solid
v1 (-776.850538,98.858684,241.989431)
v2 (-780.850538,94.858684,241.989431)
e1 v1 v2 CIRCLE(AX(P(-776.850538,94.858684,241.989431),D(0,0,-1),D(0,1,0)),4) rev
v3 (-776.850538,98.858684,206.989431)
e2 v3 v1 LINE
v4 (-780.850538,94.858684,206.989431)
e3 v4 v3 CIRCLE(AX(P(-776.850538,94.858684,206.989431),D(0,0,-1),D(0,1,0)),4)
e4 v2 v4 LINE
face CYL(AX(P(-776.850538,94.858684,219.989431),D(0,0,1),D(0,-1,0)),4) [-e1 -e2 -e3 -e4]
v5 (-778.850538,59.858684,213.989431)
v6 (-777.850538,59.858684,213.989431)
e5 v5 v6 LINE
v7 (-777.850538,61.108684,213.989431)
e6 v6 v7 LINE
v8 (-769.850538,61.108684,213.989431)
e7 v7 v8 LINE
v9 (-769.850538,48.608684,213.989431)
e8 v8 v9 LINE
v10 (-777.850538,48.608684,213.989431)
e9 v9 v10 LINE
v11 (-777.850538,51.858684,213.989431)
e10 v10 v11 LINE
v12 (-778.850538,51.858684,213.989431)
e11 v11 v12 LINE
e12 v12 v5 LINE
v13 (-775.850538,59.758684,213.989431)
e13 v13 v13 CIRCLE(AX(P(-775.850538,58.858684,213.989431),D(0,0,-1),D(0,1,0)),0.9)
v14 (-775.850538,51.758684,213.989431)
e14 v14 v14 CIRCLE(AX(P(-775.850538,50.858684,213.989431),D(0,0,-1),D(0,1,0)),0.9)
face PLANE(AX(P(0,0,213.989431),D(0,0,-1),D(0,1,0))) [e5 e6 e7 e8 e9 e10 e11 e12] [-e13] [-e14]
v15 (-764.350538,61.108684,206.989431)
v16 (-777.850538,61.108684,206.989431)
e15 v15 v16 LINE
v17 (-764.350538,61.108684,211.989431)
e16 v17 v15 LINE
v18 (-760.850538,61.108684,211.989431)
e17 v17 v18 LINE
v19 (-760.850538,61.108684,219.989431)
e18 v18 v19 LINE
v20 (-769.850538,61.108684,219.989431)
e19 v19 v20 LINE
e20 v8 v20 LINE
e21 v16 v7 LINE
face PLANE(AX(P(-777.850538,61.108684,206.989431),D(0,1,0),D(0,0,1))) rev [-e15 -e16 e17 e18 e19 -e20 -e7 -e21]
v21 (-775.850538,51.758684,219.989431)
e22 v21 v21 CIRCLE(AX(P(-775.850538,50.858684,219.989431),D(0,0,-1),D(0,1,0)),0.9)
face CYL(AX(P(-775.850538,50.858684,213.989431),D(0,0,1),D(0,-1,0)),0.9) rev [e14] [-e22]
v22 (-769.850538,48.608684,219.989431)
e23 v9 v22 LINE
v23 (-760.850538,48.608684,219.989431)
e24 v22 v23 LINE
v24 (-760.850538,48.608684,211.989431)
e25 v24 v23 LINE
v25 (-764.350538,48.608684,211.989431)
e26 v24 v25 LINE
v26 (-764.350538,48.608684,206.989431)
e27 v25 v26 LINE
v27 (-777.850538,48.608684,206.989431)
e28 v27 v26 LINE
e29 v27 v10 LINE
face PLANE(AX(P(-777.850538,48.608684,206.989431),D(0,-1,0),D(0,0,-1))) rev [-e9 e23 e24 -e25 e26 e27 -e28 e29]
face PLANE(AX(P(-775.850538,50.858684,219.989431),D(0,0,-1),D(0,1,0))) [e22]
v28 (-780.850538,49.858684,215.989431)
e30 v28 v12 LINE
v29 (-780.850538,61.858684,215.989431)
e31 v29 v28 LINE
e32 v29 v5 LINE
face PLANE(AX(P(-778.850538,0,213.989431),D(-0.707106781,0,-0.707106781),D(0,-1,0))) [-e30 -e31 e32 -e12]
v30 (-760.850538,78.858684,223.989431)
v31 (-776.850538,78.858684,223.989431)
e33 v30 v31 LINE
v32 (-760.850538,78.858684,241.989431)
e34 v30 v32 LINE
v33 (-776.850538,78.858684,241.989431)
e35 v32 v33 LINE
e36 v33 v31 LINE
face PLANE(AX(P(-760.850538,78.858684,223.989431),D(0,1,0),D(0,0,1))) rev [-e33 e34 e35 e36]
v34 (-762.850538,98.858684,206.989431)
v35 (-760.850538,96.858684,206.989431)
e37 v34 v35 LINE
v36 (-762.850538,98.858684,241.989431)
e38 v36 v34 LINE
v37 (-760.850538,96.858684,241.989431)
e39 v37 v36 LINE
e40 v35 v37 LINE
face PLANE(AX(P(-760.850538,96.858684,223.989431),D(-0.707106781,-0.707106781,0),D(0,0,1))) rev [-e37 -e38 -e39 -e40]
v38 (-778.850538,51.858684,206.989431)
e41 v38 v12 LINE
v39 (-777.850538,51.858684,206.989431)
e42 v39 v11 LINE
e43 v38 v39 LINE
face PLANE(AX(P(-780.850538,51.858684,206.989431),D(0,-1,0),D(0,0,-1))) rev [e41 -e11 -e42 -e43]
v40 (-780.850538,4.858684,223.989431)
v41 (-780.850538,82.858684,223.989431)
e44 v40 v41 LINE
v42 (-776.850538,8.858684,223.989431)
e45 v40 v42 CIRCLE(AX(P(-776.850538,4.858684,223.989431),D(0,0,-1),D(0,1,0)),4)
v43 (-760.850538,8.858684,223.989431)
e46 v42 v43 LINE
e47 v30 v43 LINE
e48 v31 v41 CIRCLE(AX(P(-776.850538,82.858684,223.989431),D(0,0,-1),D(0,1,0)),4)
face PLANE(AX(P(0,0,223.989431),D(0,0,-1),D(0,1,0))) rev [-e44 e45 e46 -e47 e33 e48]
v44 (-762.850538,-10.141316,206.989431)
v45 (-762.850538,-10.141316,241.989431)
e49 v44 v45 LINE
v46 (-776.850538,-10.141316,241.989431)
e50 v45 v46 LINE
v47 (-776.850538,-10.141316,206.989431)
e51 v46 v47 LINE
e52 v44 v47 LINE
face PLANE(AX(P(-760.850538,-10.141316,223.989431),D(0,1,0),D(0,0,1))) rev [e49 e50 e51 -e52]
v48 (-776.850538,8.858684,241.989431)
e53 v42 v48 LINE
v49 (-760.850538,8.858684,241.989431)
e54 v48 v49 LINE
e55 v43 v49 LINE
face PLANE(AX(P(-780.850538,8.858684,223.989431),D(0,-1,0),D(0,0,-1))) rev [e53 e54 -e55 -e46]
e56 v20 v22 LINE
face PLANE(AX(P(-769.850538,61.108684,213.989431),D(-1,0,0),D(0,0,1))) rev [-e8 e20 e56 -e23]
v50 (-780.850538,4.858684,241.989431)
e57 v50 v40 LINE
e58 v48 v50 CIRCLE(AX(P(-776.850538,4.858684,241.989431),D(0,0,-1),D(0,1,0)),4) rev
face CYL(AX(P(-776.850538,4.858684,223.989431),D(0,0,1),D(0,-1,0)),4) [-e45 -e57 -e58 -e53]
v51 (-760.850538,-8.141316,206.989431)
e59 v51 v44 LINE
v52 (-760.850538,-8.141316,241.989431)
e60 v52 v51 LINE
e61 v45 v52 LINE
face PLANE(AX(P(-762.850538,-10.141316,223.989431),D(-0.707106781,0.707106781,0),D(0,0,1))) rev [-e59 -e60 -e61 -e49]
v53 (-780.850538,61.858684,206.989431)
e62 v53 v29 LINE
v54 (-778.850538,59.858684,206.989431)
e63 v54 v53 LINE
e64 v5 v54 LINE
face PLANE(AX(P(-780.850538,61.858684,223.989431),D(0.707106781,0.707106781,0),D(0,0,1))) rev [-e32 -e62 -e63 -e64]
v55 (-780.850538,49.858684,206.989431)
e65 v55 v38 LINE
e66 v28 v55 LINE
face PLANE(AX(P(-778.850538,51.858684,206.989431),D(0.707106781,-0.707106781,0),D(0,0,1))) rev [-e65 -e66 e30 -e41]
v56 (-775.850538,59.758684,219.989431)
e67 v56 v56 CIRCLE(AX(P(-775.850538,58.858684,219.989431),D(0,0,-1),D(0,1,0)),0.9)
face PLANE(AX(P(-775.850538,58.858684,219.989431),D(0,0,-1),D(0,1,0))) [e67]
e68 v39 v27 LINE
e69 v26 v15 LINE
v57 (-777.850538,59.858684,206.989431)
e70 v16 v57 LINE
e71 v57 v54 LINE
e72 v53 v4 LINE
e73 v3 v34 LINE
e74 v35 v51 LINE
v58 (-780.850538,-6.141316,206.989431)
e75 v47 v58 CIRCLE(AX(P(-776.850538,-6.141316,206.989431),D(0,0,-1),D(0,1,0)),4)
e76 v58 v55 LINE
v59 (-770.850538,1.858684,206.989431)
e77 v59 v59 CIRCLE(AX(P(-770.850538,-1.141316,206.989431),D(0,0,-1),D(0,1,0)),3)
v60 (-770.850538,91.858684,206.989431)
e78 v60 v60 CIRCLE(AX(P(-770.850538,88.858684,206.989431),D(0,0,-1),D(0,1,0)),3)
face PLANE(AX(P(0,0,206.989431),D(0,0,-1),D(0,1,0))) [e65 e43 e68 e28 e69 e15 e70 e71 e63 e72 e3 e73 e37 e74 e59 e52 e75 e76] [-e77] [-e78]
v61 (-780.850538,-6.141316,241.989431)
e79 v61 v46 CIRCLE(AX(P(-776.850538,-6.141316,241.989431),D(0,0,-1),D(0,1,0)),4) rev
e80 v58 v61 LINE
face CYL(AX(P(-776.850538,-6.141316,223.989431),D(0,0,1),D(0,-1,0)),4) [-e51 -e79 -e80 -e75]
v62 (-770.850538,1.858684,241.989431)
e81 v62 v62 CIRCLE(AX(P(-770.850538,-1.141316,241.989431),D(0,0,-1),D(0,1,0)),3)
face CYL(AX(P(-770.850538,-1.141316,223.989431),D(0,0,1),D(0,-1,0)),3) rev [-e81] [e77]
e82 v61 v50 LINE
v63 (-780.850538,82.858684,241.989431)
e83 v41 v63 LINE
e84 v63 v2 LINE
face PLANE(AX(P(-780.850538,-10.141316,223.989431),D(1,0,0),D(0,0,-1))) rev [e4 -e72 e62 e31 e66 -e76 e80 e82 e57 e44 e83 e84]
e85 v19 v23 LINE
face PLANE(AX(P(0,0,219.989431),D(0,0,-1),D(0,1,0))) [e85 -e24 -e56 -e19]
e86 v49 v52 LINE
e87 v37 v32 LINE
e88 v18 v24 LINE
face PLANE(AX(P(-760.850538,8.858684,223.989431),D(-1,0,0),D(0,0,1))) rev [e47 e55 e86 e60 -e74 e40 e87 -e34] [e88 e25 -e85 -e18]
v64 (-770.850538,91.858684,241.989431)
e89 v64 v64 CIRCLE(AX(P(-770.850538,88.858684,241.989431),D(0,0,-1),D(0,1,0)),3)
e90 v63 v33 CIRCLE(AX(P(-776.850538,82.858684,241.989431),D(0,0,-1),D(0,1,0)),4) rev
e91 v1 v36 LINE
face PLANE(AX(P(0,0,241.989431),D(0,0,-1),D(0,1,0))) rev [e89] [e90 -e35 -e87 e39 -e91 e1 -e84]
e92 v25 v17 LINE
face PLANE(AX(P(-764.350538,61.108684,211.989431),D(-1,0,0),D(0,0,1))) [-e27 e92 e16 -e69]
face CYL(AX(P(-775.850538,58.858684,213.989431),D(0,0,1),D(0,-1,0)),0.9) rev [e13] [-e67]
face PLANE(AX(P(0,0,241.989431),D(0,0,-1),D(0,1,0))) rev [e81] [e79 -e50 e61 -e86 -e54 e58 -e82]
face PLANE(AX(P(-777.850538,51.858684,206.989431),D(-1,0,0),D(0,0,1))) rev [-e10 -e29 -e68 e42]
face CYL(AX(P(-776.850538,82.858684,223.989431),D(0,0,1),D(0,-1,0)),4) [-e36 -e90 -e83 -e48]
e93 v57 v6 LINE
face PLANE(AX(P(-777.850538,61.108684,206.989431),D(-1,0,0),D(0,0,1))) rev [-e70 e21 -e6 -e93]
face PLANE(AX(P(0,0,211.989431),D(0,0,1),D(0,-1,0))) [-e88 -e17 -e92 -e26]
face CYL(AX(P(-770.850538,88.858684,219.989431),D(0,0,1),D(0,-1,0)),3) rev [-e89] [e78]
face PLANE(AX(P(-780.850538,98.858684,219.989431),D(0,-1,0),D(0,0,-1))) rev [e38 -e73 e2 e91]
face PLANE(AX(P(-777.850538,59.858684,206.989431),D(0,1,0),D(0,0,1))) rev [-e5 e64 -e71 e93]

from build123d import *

# Parameters (mm, degrees)
SKETCH_1_W          = 20
SKETCH_1_H          = 19
SKETCH_1_R          = 3
EXTRUDE_1_DEPTH     = 18
SKETCH_1_H_2        = 20
EXTRUDE_1_2_DEPTH   = 18
SKETCH_2_W          = 20
SKETCH_2_H          = 109
SKETCH_2_R          = 3
EXTRUDE_2_DEPTH     = 4
EXTRUDE_3_DEPTH     = 6
SKETCH_4_R          = 0.9
CUT_EXTRUDE_1_DEPTH = 788.391009845
SKETCH_5_R          = 3
EXTRUDE_4_DEPTH     = 13
CHAMFER_1_SIZE      = 2
SKETCH_6_W          = 3.5
SKETCH_6_H          = 12.5
EXTRUDE_5_DEPTH     = 5
FILLET_1_R          = 4
CHAMFER_2_SIZE      = 2


with BuildPart() as part:
    # Эскиз1 → Бобышка-Вытянуть1 (new body)
    with BuildSketch(Plane(origin=(0, 0, 241.9894311), x_dir=(-1, 0, 0), z_dir=(0, 0, -1))):
        with Locations((770.850538245, -0.64131648)):
            Rectangle(SKETCH_1_W, SKETCH_1_H)
        with Locations(Location((770.850538245, -1.14131648, 0), (0, 0, 90))):
            Circle(SKETCH_1_R, mode=Mode.SUBTRACT)
    extrude(amount=EXTRUDE_1_DEPTH)



with BuildPart() as body_2:
    # Эскиз1 → Extrude 1 2 (new body)
    with BuildSketch(Plane(origin=(0, 0, 241.9894311), x_dir=(-1, 0, 0), z_dir=(0, 0, -1))):
        with Locations((770.850538245, 88.85868352)):
            Rectangle(SKETCH_1_W, SKETCH_1_H_2)
        with Locations(Location((770.850538245, 88.85868352, 0), (0, 0, 90))):
            Circle(SKETCH_1_R, mode=Mode.SUBTRACT)
    extrude(amount=EXTRUDE_1_2_DEPTH)


with BuildPart() as part_1:
    add(part.part)

    add(body_2.part)  # Бобышка-Вытянуть2 merges body 2
    # Эскиз2 → Бобышка-Вытянуть2 (add)
    with BuildSketch(Plane(origin=(0, 0, 223.9894311), x_dir=(-1, 0, 0), z_dir=(0, 0, -1))):
        with Locations((770.850538245, 44.35868352)):
            Rectangle(SKETCH_2_W, SKETCH_2_H)
        with Locations(Location((770.850538245, 88.85868352, 0), (0, 0, 90))):
            Circle(SKETCH_2_R, mode=Mode.SUBTRACT)
        with Locations(Location((770.850538245, -1.14131648, 0), (0, 0, 90))):
            Circle(SKETCH_2_R, mode=Mode.SUBTRACT)
    extrude(amount=EXTRUDE_2_DEPTH)

    # Эскиз3 → Бобышка-Вытянуть3 (add)
    with BuildSketch(Plane(origin=(0, 0, 219.9894311), x_dir=(-1, 0, 0), z_dir=(0, 0, -1))):
        Polygon((780.850538245, 59.85868352), (780.850538245, 51.85868352), (777.850538245, 51.85868352), (777.850538245, 48.60868352), (769.850538245, 48.60868352), (769.850538245, 61.10868352), (777.850538245, 61.10868352), (777.850538245, 59.85868352), align=None)
    extrude(amount=EXTRUDE_3_DEPTH)

    # Эскиз4 → Вырез-Вытянуть1 (cut, through all)
    with BuildSketch(Plane(origin=(0, 0, 219.9894311), x_dir=(-1, 0, 0), z_dir=(0, 0, -1))):
        with Locations(Location((775.850538245, 50.85868352, 0), (0, 0, 90))):
            Circle(SKETCH_4_R)
        with Locations(Location((775.850538245, 58.85868352, 0), (0, 0, 90))):
            Circle(SKETCH_4_R)
    extrude(amount=CUT_EXTRUDE_1_DEPTH, mode=Mode.SUBTRACT)

    # Эскиз5 → Бобышка-Вытянуть4 (add)
    # profile 1 of 2: a face of its own
    with BuildSketch(Plane(origin=(0, 0, 219.9894311), x_dir=(-1, 0, 0), z_dir=(0, 0, -1))):
        Polygon((760.850538245, -10.14131648), (780.850538245, -10.14131648), (780.850538245, 51.85868352), (777.850538245, 51.85868352), (777.850538245, 48.60868352), (760.850538245, 48.60868352), align=None)
        with Locations(Location((770.850538245, -1.14131648, 0), (0, 0, 90))):
            Circle(SKETCH_5_R, mode=Mode.SUBTRACT)
    # profile 2 of 2: a face of its own
    with BuildSketch(Plane(origin=(0, 0, 219.9894311), x_dir=(-1, 0, 0), z_dir=(0, 0, -1))):
        Polygon((777.850538245, 61.10868352), (777.850538245, 59.85868352), (780.850538245, 59.85868352), (780.850538245, 98.85868352), (760.850538245, 98.85868352), (760.850538245, 61.10868352), align=None)
        with Locations(Location((770.850538245, 88.85868352, 0), (0, 0, 90))):
            Circle(SKETCH_5_R, mode=Mode.SUBTRACT)
    extrude(amount=EXTRUDE_4_DEPTH)

    # Фаска1
    chamfer_1_edges = [part_1.edges().sort_by_distance(p)[0] for p in [
        (-780.850538245, 59.85868352, 210.4894311),
        (-780.850538245, 55.85868352, 213.9894311),
        (-780.850538245, 51.85868352, 210.4894311),
    ]]
    chamfer(chamfer_1_edges, length=CHAMFER_1_SIZE)

    # Эскиз6 → Бобышка-Вытянуть5 (add)
    with BuildSketch(Plane(origin=(0, 0, 206.9894311), x_dir=(-1, 0, 0), z_dir=(0, 0, -1))):
        with Locations((762.600538245, 54.85868352)):
            Rectangle(SKETCH_6_W, SKETCH_6_H)
    extrude(amount=-EXTRUDE_5_DEPTH)

    # Скругление1
    fillet_1_edges = [part_1.edges().sort_by_distance(p)[0] for p in [
        (-780.850538245, 98.85868352, 224.4894311),
        (-780.850538245, 78.85868352, 232.9894311),
        (-780.850538245, 8.85868352, 232.9894311),
        (-780.850538245, -10.14131648, 224.4894311),
    ]]
    fillet(fillet_1_edges, radius=FILLET_1_R)

    # Фаска2
    chamfer_2_edges = [part_1.edges().sort_by_distance(p)[0] for p in [
        (-760.850538245, 98.85868352, 224.4894311),
        (-760.850538245, -10.14131648, 224.4894311),
    ]]
    chamfer(chamfer_2_edges, length=CHAMFER_2_SIZE)


solid = part_1.part
